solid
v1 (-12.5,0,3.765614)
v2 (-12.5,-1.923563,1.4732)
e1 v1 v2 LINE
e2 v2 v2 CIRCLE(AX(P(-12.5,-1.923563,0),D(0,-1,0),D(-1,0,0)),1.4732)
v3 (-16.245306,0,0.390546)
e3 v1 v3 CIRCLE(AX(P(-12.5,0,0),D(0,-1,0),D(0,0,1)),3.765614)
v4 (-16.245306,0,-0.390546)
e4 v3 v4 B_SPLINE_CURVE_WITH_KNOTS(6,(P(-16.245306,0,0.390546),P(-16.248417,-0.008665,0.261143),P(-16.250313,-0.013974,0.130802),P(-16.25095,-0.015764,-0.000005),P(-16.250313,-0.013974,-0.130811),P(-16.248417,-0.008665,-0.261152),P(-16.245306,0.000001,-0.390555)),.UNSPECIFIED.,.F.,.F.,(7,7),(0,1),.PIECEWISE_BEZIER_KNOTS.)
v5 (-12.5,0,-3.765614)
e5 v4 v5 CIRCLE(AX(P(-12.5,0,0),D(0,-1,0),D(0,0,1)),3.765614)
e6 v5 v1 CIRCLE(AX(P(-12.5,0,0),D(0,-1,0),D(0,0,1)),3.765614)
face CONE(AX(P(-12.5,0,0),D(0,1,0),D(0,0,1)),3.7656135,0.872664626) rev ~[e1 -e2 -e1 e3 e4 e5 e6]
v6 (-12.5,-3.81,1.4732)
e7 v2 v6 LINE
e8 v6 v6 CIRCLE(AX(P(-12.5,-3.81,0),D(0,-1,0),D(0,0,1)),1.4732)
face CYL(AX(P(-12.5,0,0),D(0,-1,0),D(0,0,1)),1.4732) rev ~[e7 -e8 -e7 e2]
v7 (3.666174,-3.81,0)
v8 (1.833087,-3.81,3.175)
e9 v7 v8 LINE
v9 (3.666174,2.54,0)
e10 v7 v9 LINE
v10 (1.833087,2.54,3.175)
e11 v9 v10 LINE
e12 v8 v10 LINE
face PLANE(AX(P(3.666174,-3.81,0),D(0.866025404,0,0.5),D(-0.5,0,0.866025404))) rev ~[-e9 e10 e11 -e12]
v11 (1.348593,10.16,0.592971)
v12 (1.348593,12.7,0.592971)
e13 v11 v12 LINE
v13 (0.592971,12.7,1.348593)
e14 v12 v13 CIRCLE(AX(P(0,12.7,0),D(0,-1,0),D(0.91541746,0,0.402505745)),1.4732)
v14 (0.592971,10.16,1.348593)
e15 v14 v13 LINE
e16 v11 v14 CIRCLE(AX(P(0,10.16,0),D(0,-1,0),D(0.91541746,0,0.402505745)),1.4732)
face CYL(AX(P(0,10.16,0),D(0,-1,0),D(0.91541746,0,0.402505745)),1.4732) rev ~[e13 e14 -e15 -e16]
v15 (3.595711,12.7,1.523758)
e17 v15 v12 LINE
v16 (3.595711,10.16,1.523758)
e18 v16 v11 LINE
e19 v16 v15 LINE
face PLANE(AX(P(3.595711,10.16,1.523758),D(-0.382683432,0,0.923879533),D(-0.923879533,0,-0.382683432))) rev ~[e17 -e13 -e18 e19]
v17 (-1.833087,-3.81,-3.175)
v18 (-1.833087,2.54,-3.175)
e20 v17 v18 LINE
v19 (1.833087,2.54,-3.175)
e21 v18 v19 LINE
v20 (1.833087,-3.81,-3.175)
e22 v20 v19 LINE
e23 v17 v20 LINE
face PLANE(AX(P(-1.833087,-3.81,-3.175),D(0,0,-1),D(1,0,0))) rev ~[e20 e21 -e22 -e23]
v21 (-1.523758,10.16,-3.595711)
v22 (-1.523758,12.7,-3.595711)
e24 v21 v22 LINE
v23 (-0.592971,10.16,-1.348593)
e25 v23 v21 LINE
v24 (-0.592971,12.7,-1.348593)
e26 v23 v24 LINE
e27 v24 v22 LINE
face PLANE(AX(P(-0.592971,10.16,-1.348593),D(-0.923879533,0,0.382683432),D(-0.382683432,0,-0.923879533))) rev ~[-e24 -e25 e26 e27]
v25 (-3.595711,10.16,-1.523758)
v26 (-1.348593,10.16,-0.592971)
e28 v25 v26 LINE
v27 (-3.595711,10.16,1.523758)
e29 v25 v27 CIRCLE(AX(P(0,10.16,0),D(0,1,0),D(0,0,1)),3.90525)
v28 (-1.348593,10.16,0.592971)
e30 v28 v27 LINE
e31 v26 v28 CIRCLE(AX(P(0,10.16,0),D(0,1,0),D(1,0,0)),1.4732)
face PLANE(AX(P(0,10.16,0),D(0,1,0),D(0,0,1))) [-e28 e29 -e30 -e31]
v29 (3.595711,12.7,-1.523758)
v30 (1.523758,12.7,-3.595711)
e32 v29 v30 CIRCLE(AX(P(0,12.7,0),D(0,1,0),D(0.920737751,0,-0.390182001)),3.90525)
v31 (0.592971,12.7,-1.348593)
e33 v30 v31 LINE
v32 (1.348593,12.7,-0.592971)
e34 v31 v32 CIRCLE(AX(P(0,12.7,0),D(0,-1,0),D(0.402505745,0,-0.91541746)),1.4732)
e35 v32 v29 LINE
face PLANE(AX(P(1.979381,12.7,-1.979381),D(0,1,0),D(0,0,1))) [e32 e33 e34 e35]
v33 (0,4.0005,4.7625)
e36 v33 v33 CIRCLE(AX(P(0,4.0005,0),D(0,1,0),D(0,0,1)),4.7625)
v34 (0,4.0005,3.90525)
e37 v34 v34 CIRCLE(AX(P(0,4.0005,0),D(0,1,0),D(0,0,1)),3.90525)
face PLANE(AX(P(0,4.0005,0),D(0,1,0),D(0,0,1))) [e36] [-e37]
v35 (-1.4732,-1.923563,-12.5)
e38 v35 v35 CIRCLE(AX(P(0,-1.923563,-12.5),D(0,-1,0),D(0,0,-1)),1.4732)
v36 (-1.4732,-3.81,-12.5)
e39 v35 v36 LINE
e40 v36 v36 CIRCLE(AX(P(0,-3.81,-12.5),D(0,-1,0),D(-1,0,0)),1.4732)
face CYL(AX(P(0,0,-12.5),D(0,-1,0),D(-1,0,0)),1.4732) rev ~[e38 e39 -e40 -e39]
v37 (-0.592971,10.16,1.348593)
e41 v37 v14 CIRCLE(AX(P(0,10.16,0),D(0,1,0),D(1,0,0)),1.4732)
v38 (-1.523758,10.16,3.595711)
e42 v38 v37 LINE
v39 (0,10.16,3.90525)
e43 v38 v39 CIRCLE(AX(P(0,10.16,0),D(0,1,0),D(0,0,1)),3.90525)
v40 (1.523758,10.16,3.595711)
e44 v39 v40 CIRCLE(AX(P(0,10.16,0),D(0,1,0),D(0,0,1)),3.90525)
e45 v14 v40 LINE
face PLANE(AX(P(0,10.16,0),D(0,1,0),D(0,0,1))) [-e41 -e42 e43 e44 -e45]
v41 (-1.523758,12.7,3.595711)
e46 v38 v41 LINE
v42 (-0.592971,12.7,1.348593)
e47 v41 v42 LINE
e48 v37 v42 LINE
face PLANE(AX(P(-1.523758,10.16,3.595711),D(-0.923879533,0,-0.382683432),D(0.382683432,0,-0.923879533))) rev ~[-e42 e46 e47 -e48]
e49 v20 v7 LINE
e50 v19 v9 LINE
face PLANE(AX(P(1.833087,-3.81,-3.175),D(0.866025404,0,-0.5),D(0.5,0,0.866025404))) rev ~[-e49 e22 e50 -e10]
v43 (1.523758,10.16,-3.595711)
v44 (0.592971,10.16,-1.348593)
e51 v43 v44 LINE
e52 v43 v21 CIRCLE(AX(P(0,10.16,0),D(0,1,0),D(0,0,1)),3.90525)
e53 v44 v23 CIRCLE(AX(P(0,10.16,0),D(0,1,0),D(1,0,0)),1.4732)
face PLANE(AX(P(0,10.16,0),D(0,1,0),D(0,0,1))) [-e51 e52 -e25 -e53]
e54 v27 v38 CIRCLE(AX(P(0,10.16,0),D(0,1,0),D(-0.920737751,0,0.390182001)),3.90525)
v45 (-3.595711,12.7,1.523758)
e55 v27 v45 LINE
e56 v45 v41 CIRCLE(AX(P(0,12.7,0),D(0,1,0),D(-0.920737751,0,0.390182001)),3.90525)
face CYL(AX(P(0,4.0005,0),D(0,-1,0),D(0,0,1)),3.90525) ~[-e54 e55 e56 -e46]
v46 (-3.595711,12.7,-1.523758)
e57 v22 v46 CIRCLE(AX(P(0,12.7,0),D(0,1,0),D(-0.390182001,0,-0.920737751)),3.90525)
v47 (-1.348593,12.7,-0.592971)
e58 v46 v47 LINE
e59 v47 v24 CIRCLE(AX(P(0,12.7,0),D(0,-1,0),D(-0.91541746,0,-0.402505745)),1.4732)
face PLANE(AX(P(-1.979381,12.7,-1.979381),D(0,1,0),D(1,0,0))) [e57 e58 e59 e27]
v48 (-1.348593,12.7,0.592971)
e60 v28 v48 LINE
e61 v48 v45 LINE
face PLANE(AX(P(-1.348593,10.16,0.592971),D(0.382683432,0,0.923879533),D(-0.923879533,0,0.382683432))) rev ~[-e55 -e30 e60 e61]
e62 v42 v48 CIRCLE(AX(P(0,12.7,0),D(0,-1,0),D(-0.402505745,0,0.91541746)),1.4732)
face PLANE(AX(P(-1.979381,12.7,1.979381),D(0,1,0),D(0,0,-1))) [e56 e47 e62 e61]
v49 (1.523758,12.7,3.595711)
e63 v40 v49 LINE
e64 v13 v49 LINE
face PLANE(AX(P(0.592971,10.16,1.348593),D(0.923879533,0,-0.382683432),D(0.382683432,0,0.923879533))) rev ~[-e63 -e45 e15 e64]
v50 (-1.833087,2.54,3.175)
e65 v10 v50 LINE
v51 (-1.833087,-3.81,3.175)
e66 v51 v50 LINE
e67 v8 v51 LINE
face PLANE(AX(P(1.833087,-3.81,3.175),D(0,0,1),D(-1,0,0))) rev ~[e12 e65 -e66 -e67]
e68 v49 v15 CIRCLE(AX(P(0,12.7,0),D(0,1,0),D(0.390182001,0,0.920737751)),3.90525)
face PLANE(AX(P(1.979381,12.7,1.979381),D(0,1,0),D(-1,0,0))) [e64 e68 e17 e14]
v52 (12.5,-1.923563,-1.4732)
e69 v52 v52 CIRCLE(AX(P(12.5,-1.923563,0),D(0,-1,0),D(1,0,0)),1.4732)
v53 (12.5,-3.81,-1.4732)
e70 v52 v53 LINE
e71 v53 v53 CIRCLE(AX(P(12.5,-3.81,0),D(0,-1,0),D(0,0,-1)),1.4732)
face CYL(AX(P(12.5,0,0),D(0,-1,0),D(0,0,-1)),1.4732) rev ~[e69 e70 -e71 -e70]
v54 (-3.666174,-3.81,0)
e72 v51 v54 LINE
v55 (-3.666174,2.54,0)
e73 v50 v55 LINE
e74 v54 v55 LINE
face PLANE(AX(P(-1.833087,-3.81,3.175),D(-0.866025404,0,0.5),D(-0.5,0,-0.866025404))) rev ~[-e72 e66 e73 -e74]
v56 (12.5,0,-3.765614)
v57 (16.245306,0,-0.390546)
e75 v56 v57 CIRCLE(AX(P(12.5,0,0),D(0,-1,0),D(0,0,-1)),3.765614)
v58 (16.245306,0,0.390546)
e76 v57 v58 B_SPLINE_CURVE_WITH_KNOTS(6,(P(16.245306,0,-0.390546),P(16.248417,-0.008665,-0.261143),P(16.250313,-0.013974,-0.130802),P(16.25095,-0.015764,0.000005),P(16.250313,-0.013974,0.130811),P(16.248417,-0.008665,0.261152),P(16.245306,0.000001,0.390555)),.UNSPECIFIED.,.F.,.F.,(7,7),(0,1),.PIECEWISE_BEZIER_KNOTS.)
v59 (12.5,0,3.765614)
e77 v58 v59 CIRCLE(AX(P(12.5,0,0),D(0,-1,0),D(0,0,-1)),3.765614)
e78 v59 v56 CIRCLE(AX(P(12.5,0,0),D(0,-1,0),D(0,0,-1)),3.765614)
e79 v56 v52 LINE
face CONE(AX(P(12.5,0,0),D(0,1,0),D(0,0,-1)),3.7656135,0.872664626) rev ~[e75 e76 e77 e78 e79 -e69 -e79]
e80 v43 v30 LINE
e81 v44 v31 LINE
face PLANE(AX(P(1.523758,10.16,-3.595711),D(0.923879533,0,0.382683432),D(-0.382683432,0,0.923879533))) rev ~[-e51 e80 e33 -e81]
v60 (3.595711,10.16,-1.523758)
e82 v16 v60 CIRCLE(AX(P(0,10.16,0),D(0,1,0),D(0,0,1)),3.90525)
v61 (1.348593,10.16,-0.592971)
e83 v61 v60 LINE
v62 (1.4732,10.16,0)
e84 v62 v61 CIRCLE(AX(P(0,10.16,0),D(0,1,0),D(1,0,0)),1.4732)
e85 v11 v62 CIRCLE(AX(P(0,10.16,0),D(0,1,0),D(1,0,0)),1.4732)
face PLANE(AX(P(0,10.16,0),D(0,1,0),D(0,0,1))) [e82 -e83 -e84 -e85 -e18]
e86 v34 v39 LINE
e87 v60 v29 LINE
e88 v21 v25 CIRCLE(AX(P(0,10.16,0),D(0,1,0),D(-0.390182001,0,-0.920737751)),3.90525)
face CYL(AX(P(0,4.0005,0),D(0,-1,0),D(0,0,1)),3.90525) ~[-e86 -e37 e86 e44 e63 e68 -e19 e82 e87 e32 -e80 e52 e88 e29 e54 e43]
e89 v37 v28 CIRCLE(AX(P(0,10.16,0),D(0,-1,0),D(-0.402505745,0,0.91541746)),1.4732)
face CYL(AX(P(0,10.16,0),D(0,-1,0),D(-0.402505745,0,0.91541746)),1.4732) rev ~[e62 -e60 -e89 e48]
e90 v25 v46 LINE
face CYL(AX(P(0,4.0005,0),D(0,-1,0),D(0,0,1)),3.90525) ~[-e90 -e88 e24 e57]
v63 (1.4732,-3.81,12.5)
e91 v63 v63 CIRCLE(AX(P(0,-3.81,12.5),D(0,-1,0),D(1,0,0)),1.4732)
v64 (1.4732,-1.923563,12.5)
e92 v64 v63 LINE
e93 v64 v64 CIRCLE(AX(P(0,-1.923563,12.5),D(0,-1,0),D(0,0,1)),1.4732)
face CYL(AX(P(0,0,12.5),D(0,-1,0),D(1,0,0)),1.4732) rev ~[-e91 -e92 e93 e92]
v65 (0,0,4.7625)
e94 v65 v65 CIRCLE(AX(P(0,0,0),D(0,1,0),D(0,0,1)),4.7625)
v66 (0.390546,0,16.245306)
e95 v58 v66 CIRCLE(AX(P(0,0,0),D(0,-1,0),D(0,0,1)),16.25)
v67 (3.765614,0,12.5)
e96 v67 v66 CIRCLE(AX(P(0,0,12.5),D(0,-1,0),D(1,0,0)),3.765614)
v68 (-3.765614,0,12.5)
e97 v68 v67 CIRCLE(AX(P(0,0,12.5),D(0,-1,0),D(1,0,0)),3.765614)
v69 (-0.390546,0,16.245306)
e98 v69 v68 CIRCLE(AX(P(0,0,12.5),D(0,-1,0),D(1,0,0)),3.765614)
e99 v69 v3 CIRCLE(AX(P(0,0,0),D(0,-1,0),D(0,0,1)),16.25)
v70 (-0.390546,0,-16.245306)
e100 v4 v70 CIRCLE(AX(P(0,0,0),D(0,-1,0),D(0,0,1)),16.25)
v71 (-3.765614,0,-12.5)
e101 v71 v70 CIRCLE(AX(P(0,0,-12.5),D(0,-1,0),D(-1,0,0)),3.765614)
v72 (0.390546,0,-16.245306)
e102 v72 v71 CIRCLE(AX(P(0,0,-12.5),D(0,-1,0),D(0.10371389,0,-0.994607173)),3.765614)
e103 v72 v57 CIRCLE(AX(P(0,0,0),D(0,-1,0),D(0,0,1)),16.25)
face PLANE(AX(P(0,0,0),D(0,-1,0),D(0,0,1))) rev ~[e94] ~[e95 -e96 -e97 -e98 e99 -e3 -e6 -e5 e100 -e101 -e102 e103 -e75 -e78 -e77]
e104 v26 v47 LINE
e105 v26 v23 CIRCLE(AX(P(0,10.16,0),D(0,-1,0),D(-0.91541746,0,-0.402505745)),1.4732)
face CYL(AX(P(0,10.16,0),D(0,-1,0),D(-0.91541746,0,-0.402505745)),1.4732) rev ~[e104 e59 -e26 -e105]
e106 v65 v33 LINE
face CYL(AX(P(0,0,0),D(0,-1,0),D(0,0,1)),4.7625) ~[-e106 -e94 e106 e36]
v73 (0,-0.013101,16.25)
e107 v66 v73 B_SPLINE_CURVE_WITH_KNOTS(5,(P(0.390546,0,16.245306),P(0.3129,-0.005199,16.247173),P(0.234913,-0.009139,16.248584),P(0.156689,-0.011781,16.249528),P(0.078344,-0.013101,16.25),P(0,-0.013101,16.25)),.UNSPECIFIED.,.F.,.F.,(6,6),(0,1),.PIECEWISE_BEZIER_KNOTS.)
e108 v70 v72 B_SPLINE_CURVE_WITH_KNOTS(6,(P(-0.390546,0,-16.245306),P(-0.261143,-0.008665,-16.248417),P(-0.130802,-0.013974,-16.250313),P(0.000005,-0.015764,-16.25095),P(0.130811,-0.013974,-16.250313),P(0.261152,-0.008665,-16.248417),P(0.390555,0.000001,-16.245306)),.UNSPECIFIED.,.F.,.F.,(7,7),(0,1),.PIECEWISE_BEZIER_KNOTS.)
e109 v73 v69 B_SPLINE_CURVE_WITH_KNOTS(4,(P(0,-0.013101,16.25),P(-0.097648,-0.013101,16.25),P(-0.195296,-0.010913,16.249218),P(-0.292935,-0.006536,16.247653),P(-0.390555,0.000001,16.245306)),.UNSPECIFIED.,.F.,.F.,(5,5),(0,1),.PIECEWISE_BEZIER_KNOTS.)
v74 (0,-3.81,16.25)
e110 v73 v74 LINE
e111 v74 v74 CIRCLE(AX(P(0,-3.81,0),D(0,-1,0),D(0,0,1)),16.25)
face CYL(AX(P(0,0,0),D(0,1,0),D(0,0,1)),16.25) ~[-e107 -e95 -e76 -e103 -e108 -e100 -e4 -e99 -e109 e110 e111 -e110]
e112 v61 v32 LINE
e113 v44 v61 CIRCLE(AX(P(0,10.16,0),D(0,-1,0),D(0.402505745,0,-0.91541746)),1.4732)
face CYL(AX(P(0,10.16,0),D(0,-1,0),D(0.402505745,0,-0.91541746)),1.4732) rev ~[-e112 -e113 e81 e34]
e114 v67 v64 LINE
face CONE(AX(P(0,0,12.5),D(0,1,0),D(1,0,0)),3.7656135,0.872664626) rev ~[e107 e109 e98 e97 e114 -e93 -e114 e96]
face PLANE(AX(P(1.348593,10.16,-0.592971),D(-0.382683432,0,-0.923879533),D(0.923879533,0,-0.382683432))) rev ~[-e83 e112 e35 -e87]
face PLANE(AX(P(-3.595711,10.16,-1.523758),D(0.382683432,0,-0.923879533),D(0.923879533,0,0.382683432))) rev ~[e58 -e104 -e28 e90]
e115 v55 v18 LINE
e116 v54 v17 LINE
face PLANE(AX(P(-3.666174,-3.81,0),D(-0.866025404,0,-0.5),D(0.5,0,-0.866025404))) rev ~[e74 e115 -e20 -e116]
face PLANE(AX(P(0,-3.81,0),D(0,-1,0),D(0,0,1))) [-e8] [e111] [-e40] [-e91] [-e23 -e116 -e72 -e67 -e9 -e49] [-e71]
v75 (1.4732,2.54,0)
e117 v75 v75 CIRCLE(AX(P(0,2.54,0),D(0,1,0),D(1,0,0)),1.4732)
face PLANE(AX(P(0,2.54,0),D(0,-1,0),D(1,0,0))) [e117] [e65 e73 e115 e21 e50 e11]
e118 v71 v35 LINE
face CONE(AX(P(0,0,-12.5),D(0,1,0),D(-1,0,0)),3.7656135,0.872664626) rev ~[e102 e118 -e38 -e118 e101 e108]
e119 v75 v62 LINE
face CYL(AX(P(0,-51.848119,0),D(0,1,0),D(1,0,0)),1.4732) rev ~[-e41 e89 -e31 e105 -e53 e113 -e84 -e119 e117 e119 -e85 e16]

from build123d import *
from build123d.topology import SkipClean

# Parameters (mm, degrees)
SKETCH1_R                                         = 4.7625
BOSS_EXTRUDE1_DEPTH                               = 10.16
SKETCH3_R                                         = 16.25
BOSS_EXTRUDE2_DEPTH                               = 3.81
F_4_CLEARANCE_HOLE1_D                             = 2.9464
CUT_EXTRUDE1_START                                = -6.1595
SKETCH6_R                                         = 4.7625
SKETCH6_R_2                                       = 3.90525
CUT_EXTRUDE1_DEPTH                                = 6.1595
CUT_EXTRUDE4_DEPTH                                = 6.35
BOSS_EXTRUDE3_DEPTH                               = 2.54
CIRPATTERN1_COUNT                                 = 4
CSK_FOR_4_FLAT_HEAD_MACHINE_SCREW_100_D           = 2.9464
CSK_FOR_4_FLAT_HEAD_MACHINE_SCREW_100_CSINK_D     = 7.531227
CSK_FOR_4_FLAT_HEAD_MACHINE_SCREW_100_CSINK_ANGLE = 100
CIRPATTERN2_COUNT                                 = 4


with BuildPart() as part:
    # Sketch1 → Boss-Extrude1 (new body)
    with BuildSketch(Plane(origin=(0, 0, 0), x_dir=(1, 0, 0), z_dir=(0, 1, 0))):
        with Locations(Location((0, 0, 0), (0, 0, 270))):
            Circle(SKETCH1_R)
    extrude(amount=BOSS_EXTRUDE1_DEPTH)

    # Sketch3 → Boss-Extrude2 (add)
    with BuildSketch(Plane.XZ):
        with Locations(Location((0, 0, 0), (0, 0, 90))):
            Circle(SKETCH3_R)
    extrude(amount=BOSS_EXTRUDE2_DEPTH)

    # #4 Clearance Hole1 (through all)
    with Locations(Plane(origin=(0, -3.81, 0), x_dir=(-1, 0, 0), z_dir=(0, -1, 0))):
        with Locations((0, 0)):
            Hole(F_4_CLEARANCE_HOLE1_D / 2)

    # Sketch6 → Cut-Extrude1 (cut)
    with BuildSketch(Plane(origin=(0, 10.16, 0), x_dir=(1, 0, 0), z_dir=(0, 1, 0)).offset(CUT_EXTRUDE1_START)):
        with Locations(Location((0, 0, 0), (0, 0, 270))):
            Circle(SKETCH6_R)
        with Locations(Location((0, 0, 0), (0, 0, 270))):
            Circle(SKETCH6_R_2, mode=Mode.SUBTRACT)
    extrude(amount=CUT_EXTRUDE1_DEPTH, mode=Mode.SUBTRACT)

    # Sketch7 → Cut-Extrude4 (cut)
    with BuildSketch(Plane.XZ.offset(3.81)):
        Polygon((-3.666174209, 0), (-1.833087105, -3.175), (1.833087105, -3.175), (3.666174209, 0), (1.833087105, 3.175), (-1.833087105, 3.175), align=None)
    extrude(amount=-CUT_EXTRUDE4_DEPTH, mode=Mode.SUBTRACT)

    # Sketch8 → Boss-Extrude3 (add)
    with BuildSketch(Plane(origin=(0, 10.16, 0), x_dir=(1, 0, 0), z_dir=(0, 1, 0))):
        with BuildLine():
            Line((-0.592971464, 1.348593001), (-1.523758258, 3.595711103))
            ThreePointArc((-1.523758258, 3.595711103), (-2.761428757, 2.761428757), (-3.595711103, 1.523758258))
            Line((-3.595711103, 1.523758258), (-1.348593001, 0.592971464))
            ThreePointArc((-1.348593001, 0.592971464), (-1.04170971, 1.04170971), (-0.592971464, 1.348593001))
        make_face()
    boss_extrude3 = extrude(amount=BOSS_EXTRUDE3_DEPTH)

    # CirPattern1: Boss-Extrude3 ×4 about axis
    with SkipClean():  # the faces are left unmerged after this step: merging them gives an invalid solid
        cirpattern1_axis = Axis((0, 0, 0), (0, 1, 0))
        for i in range(1, CIRPATTERN1_COUNT):
            add(boss_extrude3.rotate(cirpattern1_axis, i * 360 / CIRPATTERN1_COUNT))

    # CSK for #4 Flat Head Machine Screw (100)1 (through all)
    with Locations(Plane(origin=(0, 0, 0), x_dir=(1, 0, 0), z_dir=(0, 1, 0))):
        with Locations((0, 12.5)):
            csk_for_4_flat_head_machine_screw_100 = CounterSinkHole(CSK_FOR_4_FLAT_HEAD_MACHINE_SCREW_100_D / 2, CSK_FOR_4_FLAT_HEAD_MACHINE_SCREW_100_CSINK_D / 2, counter_sink_angle=CSK_FOR_4_FLAT_HEAD_MACHINE_SCREW_100_CSINK_ANGLE)

    # CirPattern2: CSK for #4 Flat Head Machine Screw (100)1 ×4 about axis
    with SkipClean():  # the faces are left unmerged after this step: merging them gives an invalid solid
        cirpattern2_axis = Axis((0, 0, 0), (0, 1, 0))
        for i in range(1, CIRPATTERN2_COUNT):
            add(csk_for_4_flat_head_machine_screw_100.rotate(cirpattern2_axis, i * 360 / CIRPATTERN2_COUNT), mode=Mode.SUBTRACT)


solid = part.part
